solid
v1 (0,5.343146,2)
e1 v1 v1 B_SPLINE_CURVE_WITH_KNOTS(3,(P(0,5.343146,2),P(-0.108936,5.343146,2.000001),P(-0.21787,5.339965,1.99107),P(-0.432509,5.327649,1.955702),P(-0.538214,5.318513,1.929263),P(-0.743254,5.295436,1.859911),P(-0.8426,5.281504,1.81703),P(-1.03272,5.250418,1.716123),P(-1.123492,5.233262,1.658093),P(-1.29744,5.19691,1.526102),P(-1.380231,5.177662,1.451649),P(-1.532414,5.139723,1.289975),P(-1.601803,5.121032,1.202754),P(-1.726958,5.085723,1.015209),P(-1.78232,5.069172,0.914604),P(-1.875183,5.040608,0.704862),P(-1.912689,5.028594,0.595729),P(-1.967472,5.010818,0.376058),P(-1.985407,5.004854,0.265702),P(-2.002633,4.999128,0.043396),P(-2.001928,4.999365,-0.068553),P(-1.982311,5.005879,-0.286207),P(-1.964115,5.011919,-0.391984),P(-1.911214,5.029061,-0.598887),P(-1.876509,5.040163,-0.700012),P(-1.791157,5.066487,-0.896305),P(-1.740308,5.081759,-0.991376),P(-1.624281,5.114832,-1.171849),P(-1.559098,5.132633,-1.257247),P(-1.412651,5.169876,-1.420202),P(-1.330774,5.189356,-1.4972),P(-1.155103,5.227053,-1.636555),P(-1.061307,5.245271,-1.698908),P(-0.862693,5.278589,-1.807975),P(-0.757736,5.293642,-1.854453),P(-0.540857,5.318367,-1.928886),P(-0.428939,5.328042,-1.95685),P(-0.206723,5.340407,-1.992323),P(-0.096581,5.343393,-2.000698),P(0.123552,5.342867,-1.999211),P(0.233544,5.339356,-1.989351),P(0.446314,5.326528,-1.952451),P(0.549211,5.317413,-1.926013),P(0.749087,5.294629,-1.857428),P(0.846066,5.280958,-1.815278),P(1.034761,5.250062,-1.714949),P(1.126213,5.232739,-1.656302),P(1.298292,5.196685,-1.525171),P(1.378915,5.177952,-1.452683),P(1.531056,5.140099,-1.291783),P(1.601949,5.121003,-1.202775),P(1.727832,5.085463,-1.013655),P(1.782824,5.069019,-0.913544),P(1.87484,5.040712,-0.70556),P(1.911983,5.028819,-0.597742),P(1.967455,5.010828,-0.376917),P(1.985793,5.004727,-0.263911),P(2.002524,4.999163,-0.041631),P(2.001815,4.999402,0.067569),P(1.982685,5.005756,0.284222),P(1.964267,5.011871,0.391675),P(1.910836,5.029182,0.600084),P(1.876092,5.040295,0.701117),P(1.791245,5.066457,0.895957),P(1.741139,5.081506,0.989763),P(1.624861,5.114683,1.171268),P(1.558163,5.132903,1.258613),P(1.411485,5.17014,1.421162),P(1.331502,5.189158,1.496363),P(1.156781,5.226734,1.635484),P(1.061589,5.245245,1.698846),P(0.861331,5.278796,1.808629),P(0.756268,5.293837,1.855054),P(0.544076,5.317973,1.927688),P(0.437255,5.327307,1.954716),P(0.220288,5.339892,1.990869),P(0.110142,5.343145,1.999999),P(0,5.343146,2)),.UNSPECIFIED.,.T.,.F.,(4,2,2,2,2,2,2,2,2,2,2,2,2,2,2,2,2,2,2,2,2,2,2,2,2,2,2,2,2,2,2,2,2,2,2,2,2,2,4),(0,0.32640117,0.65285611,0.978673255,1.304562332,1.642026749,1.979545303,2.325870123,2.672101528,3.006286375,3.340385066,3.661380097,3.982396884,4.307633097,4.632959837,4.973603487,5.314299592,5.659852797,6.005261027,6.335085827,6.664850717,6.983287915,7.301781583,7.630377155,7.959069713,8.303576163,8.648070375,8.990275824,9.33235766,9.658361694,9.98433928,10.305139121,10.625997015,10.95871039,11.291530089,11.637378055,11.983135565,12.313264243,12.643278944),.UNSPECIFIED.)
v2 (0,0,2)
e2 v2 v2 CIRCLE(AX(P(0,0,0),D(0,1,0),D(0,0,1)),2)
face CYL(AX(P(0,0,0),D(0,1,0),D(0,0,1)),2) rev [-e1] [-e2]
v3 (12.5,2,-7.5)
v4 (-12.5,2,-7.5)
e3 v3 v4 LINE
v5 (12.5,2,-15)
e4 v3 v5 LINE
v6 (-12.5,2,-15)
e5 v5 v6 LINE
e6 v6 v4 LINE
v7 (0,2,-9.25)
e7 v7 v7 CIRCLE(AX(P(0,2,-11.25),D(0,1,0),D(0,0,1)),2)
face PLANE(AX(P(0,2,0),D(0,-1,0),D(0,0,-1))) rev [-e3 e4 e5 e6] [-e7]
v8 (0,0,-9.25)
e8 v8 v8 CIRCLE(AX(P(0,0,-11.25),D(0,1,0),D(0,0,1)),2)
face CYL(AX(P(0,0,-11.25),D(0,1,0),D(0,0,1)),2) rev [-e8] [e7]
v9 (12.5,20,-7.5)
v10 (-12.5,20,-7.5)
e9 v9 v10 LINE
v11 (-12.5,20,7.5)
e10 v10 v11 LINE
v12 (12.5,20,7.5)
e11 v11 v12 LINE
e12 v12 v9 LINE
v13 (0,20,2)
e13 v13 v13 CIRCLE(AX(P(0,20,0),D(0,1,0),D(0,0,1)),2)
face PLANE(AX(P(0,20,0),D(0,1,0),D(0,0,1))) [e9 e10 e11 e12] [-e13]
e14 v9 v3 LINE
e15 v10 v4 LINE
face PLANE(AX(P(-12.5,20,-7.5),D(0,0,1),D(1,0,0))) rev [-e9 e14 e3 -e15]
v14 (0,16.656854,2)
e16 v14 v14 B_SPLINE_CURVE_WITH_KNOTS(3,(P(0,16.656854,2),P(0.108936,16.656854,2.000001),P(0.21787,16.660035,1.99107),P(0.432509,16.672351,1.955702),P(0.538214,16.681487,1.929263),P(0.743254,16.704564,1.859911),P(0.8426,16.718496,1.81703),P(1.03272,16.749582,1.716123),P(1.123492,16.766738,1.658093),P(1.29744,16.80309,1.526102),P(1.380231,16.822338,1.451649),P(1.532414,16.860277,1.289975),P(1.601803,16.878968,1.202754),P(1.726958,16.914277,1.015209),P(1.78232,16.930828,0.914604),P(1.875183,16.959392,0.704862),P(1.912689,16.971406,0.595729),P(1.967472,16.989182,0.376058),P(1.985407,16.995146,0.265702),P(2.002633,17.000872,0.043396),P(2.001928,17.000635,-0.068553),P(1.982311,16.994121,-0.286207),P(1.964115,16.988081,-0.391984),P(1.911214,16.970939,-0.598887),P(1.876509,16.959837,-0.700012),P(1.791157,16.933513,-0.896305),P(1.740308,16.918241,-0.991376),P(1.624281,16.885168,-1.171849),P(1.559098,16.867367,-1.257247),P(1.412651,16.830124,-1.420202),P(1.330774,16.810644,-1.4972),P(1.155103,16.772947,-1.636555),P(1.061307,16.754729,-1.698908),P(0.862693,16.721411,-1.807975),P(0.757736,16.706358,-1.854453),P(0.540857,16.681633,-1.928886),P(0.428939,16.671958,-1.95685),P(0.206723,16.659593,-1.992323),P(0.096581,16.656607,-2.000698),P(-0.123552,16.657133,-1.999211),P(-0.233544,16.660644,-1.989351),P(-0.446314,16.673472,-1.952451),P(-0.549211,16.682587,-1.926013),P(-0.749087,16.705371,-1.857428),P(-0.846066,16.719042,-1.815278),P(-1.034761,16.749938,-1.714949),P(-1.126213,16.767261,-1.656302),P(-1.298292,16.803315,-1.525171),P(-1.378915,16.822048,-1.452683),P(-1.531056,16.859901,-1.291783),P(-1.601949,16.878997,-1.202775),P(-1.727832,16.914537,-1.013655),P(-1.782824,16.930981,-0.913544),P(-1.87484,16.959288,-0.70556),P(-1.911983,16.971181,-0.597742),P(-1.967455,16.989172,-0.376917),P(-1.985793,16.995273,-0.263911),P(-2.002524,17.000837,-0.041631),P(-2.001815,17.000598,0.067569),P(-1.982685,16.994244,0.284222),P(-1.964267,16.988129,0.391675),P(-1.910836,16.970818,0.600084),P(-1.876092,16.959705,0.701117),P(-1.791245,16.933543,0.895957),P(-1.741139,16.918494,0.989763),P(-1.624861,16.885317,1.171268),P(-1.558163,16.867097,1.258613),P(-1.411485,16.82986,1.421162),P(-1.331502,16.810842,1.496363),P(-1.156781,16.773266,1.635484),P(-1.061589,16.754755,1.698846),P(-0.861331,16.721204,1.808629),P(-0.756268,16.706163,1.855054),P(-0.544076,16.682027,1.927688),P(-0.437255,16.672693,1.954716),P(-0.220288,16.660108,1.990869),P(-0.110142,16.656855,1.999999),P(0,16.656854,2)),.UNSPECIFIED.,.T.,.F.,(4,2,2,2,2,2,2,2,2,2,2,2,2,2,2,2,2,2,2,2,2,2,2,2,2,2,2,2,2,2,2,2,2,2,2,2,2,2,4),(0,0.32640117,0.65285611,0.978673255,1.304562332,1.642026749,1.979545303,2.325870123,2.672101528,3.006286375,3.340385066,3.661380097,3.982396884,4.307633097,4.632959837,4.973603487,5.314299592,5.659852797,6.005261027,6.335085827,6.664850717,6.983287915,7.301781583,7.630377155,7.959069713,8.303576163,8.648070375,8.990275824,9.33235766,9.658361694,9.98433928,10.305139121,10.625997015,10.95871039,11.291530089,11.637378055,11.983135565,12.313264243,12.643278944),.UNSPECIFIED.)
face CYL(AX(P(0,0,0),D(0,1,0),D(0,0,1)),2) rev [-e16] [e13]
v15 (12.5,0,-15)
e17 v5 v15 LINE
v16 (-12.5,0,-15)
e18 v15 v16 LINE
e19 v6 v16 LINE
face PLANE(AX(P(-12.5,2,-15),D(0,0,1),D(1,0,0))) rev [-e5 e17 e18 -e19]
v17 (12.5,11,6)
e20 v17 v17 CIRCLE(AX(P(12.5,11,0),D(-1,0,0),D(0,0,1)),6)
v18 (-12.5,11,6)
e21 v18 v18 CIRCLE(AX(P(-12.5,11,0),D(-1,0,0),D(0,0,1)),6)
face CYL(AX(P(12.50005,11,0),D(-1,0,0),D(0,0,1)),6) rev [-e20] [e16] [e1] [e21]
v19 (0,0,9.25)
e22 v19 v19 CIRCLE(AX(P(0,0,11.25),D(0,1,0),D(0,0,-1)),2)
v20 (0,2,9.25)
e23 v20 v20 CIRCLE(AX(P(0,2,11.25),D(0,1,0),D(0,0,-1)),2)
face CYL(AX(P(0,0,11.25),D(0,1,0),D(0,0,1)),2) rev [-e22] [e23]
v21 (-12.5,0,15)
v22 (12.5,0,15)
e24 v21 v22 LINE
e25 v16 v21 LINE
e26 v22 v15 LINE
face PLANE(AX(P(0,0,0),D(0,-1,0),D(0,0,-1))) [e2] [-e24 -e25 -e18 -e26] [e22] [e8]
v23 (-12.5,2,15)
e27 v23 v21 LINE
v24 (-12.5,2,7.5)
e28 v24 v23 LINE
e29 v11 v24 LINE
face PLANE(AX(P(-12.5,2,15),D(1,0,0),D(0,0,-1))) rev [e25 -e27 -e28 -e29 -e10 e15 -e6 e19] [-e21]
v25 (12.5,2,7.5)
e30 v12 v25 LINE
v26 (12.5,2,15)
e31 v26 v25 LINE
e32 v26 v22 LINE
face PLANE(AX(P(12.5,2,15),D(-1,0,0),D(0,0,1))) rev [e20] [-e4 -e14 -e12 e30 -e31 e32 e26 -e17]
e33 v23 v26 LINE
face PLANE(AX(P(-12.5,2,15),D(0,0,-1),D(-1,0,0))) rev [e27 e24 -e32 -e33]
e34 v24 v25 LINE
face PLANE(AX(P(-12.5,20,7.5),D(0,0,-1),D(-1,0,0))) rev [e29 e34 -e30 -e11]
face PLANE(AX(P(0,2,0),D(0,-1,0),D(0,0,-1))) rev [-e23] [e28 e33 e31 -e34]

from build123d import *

# Parameters (mm, degrees)
SKETCH1_W           = 25
SKETCH1_H           = 30
BOSS_EXTRUDE1_DEPTH = 2
SKETCH2_W           = 25
SKETCH2_H           = 15
BOSS_EXTRUDE2_DEPTH = 18
SKETCH3_R           = 6
CUT_EXTRUDE1_DEPTH  = 36.355339059
SKETCH4_R           = 2
CUT_EXTRUDE2_DEPTH  = 28.950849719
SKETCH5_R           = 2
CUT_EXTRUDE3_DEPTH  = 27.556543565


with BuildPart() as part:
    # Sketch1 → Boss-Extrude1 (new body)
    with BuildSketch(Plane(origin=(0, 0, 0), x_dir=(1, 0, 0), z_dir=(0, 1, 0))):
        Rectangle(SKETCH1_W, SKETCH1_H)
    extrude(amount=BOSS_EXTRUDE1_DEPTH)

    # Sketch2 → Boss-Extrude2 (add)
    with BuildSketch(Plane(origin=(0, 2, 0), x_dir=(1, 0, 0), z_dir=(0, 1, 0))):
        Rectangle(SKETCH2_W, SKETCH2_H)
    extrude(amount=BOSS_EXTRUDE2_DEPTH)

    # Sketch3 → Cut-Extrude1 (cut, through all)
    with BuildSketch(Plane.ZY.offset(12.5)):
        with Locations((0, 11)):
            Circle(SKETCH3_R)
    extrude(amount=-CUT_EXTRUDE1_DEPTH, mode=Mode.SUBTRACT)

    # Sketch4 → Cut-Extrude2 (cut, through all)
    with BuildSketch(Plane(origin=(0, 20, 0), x_dir=(1, 0, 0), z_dir=(0, 1, 0))):
        Circle(SKETCH4_R)
    extrude(amount=-CUT_EXTRUDE2_DEPTH, mode=Mode.SUBTRACT)

    # Sketch5 → Cut-Extrude3 (cut, through all)
    with BuildSketch(Plane(origin=(0, 2, 0), x_dir=(1, 0, 0), z_dir=(0, 1, 0))):
        with Locations((0, 11.25)):
            Circle(SKETCH5_R)
        with Locations((0, -11.25)):
            Circle(SKETCH5_R)
    extrude(amount=-CUT_EXTRUDE3_DEPTH, mode=Mode.SUBTRACT)


solid = part.part
